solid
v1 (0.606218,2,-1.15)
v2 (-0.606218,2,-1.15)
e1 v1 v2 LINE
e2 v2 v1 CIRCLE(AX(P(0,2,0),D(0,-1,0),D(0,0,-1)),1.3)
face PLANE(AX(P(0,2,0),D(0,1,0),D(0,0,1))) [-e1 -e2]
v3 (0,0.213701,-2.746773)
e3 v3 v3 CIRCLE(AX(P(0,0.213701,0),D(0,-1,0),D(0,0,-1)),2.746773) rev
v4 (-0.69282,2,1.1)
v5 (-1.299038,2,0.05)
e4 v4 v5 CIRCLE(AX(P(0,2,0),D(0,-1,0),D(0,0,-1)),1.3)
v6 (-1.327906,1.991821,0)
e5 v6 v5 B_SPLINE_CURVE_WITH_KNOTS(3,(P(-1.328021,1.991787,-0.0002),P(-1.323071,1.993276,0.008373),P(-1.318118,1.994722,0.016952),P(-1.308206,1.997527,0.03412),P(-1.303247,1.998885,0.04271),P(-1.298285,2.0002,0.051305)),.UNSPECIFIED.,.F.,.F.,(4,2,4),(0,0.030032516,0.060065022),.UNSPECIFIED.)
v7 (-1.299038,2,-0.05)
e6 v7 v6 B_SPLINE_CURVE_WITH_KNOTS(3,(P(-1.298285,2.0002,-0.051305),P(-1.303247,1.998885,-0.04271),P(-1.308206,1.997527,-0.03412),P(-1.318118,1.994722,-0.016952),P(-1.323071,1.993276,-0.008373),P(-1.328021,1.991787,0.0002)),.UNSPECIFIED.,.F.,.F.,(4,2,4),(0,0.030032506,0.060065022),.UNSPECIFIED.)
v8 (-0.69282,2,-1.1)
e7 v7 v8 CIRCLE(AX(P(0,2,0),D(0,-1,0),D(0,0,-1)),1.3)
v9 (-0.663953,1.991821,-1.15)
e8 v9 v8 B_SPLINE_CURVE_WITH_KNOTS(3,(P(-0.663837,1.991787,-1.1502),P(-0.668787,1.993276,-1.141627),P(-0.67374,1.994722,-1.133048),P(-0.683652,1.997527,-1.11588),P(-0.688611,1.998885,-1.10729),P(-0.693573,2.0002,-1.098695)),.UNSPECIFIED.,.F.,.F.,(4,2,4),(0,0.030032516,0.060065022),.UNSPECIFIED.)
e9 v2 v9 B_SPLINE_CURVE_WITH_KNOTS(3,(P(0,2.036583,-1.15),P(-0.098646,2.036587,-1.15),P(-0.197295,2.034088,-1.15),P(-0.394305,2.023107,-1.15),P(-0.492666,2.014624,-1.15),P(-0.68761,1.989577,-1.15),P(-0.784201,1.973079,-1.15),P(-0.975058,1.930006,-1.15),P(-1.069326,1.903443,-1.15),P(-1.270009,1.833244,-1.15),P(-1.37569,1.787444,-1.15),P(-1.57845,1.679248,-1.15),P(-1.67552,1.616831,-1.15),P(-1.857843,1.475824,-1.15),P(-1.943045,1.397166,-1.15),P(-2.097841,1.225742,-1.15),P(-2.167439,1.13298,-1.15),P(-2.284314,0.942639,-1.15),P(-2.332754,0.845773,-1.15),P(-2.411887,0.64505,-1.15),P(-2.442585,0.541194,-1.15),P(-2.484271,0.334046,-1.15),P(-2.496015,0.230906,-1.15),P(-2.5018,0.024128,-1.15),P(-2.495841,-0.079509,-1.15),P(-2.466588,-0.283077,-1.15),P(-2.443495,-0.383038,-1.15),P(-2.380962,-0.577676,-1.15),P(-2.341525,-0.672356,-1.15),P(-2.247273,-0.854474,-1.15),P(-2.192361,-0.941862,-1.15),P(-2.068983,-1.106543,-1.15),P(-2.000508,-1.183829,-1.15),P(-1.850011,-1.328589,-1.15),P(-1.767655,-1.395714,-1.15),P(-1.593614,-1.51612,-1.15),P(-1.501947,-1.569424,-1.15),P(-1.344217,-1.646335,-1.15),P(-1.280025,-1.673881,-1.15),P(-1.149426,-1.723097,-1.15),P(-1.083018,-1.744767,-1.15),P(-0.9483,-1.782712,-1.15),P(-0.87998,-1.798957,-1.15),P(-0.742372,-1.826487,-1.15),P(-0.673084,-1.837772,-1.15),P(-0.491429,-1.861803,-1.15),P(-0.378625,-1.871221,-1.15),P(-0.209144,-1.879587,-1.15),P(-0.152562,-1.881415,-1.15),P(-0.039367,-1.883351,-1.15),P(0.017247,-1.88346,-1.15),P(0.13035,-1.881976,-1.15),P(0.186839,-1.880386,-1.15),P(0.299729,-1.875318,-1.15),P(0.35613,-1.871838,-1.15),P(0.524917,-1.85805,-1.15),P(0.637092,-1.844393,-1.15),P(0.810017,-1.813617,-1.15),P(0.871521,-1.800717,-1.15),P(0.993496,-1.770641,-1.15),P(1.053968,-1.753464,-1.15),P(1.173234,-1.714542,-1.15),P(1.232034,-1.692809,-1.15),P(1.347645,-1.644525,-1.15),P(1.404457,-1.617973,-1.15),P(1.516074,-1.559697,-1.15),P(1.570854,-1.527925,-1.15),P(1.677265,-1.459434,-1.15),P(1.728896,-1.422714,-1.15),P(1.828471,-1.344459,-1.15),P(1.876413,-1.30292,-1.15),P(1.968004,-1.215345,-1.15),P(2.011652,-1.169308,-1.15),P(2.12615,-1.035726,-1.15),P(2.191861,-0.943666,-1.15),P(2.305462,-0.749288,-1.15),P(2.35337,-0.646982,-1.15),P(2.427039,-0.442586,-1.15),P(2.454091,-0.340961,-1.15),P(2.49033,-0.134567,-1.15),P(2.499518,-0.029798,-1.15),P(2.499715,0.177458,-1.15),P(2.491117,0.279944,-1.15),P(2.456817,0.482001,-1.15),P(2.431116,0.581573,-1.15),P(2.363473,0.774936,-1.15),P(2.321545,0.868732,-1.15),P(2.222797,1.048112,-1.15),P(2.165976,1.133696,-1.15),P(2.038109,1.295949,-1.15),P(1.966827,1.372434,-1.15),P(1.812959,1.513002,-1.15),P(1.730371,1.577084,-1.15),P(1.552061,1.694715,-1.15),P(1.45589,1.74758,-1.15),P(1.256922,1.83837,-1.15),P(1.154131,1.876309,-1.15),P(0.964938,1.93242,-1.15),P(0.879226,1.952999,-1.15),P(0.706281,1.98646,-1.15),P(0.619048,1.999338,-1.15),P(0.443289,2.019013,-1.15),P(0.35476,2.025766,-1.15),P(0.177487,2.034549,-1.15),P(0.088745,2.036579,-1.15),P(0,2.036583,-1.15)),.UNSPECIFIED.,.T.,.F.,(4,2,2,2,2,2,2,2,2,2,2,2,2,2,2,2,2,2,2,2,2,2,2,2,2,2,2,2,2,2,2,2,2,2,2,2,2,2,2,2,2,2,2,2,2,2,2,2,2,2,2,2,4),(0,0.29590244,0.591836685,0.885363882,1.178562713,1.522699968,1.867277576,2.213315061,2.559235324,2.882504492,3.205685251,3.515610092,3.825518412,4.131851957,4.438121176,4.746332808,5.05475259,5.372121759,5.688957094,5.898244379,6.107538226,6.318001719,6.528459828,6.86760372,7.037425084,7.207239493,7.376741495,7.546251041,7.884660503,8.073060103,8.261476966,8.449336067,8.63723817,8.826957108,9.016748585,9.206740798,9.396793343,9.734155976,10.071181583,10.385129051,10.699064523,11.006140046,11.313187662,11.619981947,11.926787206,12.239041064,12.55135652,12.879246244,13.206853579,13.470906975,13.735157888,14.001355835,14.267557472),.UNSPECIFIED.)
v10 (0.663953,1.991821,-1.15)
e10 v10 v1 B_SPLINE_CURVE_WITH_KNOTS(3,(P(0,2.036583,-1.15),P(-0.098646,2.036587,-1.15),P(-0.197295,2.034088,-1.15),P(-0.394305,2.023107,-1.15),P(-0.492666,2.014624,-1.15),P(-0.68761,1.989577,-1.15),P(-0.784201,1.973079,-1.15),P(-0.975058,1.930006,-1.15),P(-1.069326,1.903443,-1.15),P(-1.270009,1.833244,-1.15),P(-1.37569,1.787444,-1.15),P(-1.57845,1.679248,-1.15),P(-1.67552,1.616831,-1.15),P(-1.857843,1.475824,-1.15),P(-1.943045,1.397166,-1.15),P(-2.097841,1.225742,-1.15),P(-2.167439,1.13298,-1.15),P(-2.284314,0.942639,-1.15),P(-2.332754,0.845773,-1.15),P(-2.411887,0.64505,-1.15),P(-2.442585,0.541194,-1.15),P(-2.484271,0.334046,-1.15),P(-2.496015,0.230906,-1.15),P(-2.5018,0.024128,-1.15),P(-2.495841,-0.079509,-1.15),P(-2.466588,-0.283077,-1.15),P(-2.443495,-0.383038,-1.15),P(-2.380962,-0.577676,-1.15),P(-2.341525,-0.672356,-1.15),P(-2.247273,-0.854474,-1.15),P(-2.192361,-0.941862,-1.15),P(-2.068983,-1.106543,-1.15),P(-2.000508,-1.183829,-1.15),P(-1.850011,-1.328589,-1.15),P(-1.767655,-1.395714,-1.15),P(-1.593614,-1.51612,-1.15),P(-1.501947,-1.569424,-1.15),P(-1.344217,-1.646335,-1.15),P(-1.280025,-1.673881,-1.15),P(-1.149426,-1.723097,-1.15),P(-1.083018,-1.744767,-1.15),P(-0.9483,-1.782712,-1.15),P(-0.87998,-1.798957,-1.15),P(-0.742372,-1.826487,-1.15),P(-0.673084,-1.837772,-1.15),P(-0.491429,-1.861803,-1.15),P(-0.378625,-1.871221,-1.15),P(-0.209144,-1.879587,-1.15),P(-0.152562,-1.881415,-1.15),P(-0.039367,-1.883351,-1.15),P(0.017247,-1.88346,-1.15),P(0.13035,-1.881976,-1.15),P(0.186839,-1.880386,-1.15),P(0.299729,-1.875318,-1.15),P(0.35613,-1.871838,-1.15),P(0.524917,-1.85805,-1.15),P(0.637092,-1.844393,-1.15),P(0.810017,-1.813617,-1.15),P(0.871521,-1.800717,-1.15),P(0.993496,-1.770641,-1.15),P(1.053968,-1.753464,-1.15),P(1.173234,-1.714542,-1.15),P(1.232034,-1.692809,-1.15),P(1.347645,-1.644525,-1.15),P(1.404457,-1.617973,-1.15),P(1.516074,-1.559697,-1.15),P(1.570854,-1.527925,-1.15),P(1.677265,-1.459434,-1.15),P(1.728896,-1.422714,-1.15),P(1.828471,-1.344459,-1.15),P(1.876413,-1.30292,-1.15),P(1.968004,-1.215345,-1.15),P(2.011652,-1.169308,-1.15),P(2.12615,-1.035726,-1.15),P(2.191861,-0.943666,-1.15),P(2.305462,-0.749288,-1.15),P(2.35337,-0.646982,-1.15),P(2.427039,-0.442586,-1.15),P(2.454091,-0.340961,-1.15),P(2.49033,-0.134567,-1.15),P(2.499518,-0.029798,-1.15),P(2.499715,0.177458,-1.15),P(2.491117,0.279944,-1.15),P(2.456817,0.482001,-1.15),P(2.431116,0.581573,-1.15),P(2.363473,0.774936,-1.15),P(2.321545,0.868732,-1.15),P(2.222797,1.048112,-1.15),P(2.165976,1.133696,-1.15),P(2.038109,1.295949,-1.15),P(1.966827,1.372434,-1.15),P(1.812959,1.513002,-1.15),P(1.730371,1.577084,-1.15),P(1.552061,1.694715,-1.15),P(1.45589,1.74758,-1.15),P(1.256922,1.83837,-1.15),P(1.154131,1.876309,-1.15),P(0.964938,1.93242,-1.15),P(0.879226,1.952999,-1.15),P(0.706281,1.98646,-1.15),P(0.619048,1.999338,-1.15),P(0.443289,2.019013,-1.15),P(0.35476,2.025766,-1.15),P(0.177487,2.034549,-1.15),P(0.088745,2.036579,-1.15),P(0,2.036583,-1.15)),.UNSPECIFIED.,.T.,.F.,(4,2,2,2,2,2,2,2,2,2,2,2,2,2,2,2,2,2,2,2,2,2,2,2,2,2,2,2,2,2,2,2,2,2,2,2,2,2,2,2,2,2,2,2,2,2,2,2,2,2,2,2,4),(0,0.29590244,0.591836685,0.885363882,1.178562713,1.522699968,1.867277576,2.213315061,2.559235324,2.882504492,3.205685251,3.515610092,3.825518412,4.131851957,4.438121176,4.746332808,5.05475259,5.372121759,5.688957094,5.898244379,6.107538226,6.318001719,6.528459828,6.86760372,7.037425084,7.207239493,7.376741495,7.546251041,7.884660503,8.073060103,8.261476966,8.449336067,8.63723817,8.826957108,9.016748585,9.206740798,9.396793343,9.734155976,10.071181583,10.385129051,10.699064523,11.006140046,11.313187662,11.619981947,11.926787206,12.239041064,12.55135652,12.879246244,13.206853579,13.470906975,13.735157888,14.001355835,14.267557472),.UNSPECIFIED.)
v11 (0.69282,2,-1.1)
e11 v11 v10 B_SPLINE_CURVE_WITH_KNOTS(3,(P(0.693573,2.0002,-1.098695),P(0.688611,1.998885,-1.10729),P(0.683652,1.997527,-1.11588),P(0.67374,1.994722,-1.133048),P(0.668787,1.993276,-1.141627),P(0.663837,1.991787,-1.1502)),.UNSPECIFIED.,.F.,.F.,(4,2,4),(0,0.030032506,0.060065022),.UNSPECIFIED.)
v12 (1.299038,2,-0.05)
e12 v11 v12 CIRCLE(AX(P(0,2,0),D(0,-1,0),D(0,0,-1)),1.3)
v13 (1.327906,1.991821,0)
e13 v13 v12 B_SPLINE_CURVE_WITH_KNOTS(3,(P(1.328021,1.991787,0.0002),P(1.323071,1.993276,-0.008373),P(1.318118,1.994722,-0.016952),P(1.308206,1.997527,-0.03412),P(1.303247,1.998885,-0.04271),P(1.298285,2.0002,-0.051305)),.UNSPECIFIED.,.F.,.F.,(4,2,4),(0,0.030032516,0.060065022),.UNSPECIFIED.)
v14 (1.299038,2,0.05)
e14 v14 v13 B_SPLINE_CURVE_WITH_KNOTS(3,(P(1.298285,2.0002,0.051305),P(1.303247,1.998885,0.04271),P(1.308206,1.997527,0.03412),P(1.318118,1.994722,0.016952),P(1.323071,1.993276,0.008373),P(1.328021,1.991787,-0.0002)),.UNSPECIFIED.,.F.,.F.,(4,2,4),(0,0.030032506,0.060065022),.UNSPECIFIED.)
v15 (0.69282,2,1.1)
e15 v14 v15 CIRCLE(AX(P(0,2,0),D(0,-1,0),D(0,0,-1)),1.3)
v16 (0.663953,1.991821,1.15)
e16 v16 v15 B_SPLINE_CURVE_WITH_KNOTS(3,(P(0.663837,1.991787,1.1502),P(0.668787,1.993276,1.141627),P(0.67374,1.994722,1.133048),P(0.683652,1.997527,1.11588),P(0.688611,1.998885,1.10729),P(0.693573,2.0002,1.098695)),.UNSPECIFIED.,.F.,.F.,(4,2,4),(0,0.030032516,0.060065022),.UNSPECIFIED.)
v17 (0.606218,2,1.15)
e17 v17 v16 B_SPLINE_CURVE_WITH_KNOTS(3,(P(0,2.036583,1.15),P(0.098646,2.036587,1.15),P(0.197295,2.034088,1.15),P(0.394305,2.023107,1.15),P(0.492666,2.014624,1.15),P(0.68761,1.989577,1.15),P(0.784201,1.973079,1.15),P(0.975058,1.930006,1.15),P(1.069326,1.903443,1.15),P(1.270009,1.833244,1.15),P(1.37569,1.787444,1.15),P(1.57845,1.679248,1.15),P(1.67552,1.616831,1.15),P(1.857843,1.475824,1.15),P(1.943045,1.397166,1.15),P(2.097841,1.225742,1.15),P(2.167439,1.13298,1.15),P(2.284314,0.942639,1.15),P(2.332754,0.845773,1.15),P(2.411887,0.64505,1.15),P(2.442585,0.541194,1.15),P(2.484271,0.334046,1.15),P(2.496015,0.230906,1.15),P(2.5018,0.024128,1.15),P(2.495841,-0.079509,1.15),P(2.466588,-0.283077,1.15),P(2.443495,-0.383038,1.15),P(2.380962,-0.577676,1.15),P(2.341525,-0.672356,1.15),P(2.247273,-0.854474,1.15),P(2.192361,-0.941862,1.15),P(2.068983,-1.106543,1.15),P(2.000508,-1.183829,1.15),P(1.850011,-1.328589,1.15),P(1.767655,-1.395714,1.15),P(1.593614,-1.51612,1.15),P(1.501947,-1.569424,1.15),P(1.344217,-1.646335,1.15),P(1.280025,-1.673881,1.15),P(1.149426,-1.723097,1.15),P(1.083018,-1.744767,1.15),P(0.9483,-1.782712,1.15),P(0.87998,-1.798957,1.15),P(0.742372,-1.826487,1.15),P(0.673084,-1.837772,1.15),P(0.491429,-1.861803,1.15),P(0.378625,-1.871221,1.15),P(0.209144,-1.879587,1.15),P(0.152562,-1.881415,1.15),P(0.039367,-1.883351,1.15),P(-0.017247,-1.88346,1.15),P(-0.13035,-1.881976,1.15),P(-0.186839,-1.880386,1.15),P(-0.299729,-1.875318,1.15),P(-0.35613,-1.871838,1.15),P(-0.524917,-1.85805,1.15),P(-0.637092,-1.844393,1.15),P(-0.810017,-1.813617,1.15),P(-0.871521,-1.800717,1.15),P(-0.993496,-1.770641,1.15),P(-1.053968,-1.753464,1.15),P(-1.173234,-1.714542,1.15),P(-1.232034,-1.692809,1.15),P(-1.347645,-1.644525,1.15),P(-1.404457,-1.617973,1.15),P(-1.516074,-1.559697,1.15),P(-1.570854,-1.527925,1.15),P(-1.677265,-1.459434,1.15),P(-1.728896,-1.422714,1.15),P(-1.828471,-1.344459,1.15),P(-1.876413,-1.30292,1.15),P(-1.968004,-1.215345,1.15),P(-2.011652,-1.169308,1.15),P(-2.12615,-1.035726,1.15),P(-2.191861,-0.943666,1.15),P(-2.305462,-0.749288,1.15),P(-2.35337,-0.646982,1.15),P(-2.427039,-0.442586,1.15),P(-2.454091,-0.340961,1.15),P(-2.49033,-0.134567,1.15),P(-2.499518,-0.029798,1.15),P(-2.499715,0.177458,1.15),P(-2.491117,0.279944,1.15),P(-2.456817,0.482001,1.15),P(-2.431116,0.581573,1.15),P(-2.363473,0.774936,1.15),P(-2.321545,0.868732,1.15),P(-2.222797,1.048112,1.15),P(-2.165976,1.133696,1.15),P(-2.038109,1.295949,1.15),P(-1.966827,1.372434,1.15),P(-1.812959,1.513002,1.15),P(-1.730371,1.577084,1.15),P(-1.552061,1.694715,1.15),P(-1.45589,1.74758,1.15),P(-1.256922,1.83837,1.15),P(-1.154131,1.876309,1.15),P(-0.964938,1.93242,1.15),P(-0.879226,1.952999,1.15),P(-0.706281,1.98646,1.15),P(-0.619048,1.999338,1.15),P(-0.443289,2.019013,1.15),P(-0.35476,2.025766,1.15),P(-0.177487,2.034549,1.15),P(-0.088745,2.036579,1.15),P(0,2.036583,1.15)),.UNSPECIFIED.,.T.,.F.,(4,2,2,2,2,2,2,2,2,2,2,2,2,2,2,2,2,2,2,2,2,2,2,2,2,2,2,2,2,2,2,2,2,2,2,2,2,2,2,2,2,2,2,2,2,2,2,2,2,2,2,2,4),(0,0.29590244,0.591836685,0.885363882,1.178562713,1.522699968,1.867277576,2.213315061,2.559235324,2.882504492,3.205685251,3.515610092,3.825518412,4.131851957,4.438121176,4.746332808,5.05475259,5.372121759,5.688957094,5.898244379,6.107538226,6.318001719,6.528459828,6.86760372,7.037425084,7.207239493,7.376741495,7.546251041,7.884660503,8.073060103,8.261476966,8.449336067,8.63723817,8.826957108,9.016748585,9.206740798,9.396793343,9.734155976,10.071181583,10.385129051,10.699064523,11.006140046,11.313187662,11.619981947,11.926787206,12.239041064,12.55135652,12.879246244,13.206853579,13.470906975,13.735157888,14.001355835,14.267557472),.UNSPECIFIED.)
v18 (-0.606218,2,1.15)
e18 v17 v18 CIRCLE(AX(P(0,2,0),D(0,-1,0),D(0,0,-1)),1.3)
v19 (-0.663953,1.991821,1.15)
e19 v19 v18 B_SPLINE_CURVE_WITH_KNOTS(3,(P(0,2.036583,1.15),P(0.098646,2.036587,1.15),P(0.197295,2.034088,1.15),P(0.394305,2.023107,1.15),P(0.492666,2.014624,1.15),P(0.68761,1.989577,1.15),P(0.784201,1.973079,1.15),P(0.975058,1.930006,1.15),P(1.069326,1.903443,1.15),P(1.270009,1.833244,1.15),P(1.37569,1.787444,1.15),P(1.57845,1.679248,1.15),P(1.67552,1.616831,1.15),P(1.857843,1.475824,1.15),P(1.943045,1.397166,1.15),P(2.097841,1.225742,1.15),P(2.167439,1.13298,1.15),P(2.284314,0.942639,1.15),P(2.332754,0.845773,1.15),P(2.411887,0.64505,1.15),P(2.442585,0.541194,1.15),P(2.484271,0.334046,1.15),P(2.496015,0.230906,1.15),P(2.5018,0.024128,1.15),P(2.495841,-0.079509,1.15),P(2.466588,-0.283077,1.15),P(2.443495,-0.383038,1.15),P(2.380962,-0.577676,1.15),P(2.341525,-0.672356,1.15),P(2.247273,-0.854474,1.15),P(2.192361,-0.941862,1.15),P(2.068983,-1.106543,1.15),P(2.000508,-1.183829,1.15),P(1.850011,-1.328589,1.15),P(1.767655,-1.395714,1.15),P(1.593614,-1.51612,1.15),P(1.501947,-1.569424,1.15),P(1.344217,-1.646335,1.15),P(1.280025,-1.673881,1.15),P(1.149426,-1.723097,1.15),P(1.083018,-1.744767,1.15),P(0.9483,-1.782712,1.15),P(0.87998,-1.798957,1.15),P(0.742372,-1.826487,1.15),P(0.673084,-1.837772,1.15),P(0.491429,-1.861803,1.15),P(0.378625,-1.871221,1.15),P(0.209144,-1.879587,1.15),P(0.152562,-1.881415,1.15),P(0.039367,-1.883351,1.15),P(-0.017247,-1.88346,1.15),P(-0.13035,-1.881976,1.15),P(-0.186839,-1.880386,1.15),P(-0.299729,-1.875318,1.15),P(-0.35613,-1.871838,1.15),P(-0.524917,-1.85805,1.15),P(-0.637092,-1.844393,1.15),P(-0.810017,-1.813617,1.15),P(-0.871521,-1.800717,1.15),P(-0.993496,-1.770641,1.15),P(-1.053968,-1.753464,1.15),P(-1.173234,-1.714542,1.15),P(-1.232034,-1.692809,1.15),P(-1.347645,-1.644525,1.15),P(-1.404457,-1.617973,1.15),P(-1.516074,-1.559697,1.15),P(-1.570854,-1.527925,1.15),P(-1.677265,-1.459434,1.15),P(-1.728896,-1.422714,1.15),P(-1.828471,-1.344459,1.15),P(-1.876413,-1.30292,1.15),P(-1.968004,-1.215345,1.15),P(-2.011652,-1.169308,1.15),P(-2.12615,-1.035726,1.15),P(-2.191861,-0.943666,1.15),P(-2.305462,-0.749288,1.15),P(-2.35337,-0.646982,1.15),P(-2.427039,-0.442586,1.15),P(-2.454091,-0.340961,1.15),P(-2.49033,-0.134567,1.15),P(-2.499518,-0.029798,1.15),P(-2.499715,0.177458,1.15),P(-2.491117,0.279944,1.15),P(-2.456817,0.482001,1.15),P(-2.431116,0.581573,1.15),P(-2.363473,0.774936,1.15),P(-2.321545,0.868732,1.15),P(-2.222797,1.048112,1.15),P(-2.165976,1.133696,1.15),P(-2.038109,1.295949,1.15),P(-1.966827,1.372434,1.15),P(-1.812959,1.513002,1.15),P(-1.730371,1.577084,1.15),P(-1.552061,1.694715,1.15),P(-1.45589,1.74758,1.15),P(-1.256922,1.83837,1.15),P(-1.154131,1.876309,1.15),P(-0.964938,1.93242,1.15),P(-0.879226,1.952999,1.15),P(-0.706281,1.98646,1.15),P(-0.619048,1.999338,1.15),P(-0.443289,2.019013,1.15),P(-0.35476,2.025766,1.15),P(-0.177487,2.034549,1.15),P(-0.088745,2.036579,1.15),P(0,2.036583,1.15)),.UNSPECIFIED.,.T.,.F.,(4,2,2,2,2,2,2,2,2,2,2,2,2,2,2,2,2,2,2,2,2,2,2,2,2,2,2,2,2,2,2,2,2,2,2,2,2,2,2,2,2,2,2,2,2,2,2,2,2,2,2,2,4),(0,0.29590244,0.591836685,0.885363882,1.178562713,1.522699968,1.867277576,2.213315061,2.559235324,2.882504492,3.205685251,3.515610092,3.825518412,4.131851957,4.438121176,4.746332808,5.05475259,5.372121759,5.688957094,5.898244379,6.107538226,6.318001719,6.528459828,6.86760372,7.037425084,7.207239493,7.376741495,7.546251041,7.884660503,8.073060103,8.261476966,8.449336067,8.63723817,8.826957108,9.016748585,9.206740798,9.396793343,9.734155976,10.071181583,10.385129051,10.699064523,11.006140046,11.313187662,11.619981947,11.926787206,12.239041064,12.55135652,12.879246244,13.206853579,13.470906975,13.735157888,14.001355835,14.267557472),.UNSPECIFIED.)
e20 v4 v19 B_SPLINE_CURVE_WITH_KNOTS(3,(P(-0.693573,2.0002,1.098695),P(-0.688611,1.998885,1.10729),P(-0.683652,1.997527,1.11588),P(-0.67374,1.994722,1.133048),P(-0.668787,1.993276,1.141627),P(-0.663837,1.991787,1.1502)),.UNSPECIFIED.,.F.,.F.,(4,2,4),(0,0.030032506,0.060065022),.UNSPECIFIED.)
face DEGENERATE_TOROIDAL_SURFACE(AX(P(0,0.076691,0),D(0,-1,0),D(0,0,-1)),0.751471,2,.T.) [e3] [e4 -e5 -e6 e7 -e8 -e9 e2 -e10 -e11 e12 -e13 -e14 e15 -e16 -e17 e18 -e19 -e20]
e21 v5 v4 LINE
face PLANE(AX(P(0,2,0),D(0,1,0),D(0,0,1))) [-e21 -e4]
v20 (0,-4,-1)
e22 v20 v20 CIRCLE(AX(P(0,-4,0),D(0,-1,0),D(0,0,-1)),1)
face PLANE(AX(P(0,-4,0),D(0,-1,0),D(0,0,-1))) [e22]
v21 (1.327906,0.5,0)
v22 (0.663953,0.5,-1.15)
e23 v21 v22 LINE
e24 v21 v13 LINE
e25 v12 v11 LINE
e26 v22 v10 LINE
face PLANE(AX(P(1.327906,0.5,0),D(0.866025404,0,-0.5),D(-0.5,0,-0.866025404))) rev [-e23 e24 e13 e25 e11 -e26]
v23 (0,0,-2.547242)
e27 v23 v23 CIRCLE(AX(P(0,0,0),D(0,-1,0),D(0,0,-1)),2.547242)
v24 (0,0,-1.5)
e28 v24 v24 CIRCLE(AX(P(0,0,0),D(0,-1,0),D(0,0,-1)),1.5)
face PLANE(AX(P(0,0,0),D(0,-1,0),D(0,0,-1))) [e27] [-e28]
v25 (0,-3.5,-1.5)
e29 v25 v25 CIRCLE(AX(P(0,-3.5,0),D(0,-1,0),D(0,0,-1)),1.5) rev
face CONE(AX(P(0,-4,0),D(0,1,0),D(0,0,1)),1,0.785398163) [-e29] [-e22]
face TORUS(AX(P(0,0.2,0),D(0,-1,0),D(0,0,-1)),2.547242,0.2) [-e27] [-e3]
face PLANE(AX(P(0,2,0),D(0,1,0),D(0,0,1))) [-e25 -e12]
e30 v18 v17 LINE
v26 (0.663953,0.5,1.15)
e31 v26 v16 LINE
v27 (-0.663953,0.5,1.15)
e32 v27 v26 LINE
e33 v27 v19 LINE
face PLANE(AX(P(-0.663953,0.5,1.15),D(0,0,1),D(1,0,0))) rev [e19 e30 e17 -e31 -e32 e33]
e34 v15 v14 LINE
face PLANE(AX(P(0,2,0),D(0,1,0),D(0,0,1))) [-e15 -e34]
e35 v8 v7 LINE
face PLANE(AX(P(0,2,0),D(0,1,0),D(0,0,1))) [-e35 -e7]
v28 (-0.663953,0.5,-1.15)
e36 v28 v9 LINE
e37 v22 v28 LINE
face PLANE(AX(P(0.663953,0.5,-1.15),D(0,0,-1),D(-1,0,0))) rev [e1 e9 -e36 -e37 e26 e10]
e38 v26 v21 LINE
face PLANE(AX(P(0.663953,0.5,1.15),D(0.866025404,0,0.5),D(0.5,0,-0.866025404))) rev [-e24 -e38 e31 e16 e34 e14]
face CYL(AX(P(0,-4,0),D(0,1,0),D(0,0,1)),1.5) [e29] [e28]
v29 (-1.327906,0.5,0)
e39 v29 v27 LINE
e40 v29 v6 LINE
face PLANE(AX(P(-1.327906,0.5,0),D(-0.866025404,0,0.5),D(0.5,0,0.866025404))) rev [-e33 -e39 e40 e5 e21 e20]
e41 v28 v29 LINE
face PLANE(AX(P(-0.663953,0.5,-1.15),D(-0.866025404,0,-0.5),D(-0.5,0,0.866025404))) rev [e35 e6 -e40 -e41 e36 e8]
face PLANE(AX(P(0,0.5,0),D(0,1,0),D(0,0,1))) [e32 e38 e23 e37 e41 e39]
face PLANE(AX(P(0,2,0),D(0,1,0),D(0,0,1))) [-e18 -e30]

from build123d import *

# Parameters (mm, degrees)
FILLET_1_R          = 0.2
CUT_EXTRUDE_1_DEPTH = 1.5
SKETCH_3_R          = 1.5
EXTRUDE_1_DEPTH     = 4
CHAMFER_1_SIZE      = 0.5


with BuildPart() as part:
    # 草图1 → 旋转1 (revolve)
    with BuildSketch(Plane.XY):
        with BuildLine():
            Line((0, 0), (0, 2))
            Line((0, 2), (1.3, 2))
            ThreePointArc((1.3, 2), (2.370691821, 1.250626571), (2.75, 0))
            Line((2.75, 0), (0, 0))
        make_face()
    revolve(axis=Axis((0, 0, 0), (0, 1, 0)))

    # 圆角1
    fillet_1_edges = [part.edges().sort_by_distance(p)[0] for p in [
        (-2.75, 0, 0),
    ]]
    fillet(fillet_1_edges, radius=FILLET_1_R)

    # 草图2 → 切除-拉伸1 (cut)
    with BuildSketch(Plane(origin=(0, 2, 0), x_dir=(1, 0, 0), z_dir=(0, 1, 0))):
        Polygon((1.327905619, 0), (0.66395281, 1.15), (-0.66395281, 1.15), (-1.327905619, 0), (-0.66395281, -1.15), (0.66395281, -1.15), align=None)
    extrude(amount=-CUT_EXTRUDE_1_DEPTH, mode=Mode.SUBTRACT)

    # 草图3 → 凸台-拉伸1 (add)
    with BuildSketch(Plane.XZ):
        Circle(SKETCH_3_R)
    extrude(amount=EXTRUDE_1_DEPTH)

    # 倒角1
    chamfer_1_edges = [part.edges().sort_by_distance(p)[0] for p in [
        (-1.5, -4, 0),
    ]]
    chamfer(chamfer_1_edges, length=CHAMFER_1_SIZE)


solid = part.part
